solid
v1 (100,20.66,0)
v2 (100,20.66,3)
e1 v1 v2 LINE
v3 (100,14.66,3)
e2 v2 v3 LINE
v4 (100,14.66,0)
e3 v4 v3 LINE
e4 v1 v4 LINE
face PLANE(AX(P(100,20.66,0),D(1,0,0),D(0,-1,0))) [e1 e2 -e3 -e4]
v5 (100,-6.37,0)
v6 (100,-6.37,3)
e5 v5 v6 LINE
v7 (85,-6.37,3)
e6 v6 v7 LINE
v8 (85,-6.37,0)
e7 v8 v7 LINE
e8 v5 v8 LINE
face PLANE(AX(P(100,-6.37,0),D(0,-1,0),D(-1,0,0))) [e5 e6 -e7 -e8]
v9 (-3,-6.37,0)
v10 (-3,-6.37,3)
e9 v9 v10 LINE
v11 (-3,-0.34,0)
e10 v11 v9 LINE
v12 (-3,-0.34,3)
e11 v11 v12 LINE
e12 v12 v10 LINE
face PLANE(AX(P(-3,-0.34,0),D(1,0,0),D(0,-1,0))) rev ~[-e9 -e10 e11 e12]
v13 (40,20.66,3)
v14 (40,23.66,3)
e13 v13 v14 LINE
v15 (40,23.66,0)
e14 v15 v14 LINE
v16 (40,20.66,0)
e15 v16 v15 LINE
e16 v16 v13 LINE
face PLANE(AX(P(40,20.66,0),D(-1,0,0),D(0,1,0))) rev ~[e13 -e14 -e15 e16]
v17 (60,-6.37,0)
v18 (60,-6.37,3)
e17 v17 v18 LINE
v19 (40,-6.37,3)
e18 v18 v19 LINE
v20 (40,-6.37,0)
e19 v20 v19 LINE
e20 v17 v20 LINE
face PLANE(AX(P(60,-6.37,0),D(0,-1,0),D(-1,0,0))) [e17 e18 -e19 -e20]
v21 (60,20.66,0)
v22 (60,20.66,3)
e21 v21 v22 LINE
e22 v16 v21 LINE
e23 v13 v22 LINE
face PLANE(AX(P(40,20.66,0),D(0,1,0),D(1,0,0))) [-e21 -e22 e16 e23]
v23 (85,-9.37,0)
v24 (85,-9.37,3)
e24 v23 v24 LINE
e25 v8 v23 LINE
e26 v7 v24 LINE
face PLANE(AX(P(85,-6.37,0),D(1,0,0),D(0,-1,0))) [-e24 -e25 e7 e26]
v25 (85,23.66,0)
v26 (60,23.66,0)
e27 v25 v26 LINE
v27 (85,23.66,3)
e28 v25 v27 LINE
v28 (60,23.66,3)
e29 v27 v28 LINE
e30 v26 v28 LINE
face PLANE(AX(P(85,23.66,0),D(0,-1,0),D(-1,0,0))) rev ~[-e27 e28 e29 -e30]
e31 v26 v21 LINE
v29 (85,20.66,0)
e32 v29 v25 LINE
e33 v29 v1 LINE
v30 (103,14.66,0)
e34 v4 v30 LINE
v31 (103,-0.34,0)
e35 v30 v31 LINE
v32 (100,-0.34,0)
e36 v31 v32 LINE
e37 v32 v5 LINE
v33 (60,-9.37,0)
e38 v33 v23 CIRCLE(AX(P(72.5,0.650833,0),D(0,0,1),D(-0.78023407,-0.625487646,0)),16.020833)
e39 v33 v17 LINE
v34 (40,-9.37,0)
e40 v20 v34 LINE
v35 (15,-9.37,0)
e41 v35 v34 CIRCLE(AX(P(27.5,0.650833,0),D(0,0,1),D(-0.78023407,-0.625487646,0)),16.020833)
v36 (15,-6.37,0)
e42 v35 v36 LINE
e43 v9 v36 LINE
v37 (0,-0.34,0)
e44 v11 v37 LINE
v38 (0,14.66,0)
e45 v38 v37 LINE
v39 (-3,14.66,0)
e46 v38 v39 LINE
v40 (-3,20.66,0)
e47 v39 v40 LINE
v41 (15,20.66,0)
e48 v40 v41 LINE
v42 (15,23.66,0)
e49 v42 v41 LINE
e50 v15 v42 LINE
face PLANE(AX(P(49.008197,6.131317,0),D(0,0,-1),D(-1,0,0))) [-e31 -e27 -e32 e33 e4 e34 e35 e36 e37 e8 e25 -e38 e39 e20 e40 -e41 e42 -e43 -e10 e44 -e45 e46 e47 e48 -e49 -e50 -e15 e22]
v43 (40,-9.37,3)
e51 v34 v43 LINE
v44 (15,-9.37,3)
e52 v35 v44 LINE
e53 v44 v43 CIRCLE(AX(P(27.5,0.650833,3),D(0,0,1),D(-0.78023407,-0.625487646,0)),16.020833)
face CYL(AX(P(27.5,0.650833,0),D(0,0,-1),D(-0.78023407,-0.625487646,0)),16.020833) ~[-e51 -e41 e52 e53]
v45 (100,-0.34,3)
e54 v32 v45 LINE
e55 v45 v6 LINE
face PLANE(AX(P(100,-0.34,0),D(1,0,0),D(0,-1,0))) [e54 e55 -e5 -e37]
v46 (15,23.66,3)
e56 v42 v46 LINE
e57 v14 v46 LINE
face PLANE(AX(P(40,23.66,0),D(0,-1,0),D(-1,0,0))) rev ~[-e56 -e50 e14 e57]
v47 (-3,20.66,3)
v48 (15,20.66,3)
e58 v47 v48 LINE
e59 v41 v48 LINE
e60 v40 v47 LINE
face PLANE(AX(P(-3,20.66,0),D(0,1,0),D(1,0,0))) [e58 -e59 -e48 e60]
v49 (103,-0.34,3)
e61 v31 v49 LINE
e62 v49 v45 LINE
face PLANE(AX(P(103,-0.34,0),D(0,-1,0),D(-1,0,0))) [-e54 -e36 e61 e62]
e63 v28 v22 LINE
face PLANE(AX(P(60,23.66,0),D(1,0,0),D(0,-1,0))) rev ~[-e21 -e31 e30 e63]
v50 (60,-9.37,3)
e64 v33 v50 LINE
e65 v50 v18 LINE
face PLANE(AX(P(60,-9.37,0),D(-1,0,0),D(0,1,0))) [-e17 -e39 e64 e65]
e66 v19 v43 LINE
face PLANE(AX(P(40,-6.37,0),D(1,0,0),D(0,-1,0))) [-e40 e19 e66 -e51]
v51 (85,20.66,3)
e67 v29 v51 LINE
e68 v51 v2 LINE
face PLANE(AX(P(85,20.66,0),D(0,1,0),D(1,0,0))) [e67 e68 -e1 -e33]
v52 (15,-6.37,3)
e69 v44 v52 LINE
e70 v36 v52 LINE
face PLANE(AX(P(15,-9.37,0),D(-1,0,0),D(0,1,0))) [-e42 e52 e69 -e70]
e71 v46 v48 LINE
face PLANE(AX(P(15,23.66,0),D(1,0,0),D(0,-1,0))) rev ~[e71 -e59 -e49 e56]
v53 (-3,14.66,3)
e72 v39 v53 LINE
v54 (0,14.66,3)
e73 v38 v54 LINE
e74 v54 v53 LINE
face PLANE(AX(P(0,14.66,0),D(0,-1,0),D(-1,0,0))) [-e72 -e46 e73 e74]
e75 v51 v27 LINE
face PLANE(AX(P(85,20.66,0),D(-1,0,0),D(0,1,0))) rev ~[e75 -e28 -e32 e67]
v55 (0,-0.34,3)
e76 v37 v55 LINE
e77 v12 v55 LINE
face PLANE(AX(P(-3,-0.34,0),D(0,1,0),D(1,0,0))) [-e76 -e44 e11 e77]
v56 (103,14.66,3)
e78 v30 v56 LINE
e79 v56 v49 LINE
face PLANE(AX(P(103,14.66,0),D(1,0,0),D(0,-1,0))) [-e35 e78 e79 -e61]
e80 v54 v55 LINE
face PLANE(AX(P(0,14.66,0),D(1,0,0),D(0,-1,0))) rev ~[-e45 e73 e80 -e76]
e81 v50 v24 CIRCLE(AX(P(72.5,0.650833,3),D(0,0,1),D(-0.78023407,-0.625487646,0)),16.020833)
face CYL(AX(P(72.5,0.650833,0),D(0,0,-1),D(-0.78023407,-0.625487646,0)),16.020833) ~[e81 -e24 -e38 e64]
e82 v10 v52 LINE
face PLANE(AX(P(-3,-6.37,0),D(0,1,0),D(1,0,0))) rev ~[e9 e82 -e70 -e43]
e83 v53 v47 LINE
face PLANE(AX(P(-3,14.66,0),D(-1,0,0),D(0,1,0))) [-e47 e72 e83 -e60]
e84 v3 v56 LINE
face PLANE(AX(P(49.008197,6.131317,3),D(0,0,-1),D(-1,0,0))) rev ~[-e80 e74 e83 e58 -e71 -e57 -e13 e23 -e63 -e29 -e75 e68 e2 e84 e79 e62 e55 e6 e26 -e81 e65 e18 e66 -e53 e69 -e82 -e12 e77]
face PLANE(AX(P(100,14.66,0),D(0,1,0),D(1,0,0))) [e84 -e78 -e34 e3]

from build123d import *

# Parameters (mm, degrees)
EXTRUDE_DEPTH = 3


with BuildPart() as part:
    # Sketch → Extrude (new body)
    with BuildSketch(Plane.XY):
        with BuildLine():
            Line((40, -6.37), (40, -9.37))
            ThreePointArc((15, -9.37), (27.5, -15.37), (40, -9.37))
            Line((15, -9.37), (15, -6.37))
            Line((15, -6.37), (0, -6.37))
            Line((-3, -6.37), (0, -6.37))
            Line((-3, -0.34), (-3, -6.37))
            Line((-3, -0.34), (0, -0.34))
            Line((0, 14.66), (0, -0.34))
            Line((0, 14.66), (-3, 14.66))
            Line((-3, 14.66), (-3, 20.66))
            Line((-3, 20.66), (0, 20.66))
            Line((0, 20.66), (15, 20.66))
            Line((15, 23.66), (15, 20.66))
            Line((40, 23.66), (15, 23.66))
            Line((40, 20.66), (40, 23.66))
            Line((40, 20.66), (60, 20.66))
            Line((60, 23.66), (60, 20.66))
            Line((85, 23.66), (60, 23.66))
            Line((85, 20.66), (85, 23.66))
            Line((85, 20.66), (100, 20.66))
            Line((100, 20.66), (100, 14.66))
            Line((100, 14.66), (103, 14.66))
            Line((103, 14.66), (103, -0.34))
            Line((103, -0.34), (100, -0.34))
            Line((100, -0.34), (100, -6.37))
            Line((100, -6.37), (85, -6.37))
            Line((85, -6.37), (85, -9.37))
            ThreePointArc((60, -9.37), (72.5, -15.37), (85, -9.37))
            Line((60, -9.37), (60, -6.37))
            Line((60, -6.37), (40, -6.37))
        make_face()
    extrude(amount=EXTRUDE_DEPTH)


solid = part.part
